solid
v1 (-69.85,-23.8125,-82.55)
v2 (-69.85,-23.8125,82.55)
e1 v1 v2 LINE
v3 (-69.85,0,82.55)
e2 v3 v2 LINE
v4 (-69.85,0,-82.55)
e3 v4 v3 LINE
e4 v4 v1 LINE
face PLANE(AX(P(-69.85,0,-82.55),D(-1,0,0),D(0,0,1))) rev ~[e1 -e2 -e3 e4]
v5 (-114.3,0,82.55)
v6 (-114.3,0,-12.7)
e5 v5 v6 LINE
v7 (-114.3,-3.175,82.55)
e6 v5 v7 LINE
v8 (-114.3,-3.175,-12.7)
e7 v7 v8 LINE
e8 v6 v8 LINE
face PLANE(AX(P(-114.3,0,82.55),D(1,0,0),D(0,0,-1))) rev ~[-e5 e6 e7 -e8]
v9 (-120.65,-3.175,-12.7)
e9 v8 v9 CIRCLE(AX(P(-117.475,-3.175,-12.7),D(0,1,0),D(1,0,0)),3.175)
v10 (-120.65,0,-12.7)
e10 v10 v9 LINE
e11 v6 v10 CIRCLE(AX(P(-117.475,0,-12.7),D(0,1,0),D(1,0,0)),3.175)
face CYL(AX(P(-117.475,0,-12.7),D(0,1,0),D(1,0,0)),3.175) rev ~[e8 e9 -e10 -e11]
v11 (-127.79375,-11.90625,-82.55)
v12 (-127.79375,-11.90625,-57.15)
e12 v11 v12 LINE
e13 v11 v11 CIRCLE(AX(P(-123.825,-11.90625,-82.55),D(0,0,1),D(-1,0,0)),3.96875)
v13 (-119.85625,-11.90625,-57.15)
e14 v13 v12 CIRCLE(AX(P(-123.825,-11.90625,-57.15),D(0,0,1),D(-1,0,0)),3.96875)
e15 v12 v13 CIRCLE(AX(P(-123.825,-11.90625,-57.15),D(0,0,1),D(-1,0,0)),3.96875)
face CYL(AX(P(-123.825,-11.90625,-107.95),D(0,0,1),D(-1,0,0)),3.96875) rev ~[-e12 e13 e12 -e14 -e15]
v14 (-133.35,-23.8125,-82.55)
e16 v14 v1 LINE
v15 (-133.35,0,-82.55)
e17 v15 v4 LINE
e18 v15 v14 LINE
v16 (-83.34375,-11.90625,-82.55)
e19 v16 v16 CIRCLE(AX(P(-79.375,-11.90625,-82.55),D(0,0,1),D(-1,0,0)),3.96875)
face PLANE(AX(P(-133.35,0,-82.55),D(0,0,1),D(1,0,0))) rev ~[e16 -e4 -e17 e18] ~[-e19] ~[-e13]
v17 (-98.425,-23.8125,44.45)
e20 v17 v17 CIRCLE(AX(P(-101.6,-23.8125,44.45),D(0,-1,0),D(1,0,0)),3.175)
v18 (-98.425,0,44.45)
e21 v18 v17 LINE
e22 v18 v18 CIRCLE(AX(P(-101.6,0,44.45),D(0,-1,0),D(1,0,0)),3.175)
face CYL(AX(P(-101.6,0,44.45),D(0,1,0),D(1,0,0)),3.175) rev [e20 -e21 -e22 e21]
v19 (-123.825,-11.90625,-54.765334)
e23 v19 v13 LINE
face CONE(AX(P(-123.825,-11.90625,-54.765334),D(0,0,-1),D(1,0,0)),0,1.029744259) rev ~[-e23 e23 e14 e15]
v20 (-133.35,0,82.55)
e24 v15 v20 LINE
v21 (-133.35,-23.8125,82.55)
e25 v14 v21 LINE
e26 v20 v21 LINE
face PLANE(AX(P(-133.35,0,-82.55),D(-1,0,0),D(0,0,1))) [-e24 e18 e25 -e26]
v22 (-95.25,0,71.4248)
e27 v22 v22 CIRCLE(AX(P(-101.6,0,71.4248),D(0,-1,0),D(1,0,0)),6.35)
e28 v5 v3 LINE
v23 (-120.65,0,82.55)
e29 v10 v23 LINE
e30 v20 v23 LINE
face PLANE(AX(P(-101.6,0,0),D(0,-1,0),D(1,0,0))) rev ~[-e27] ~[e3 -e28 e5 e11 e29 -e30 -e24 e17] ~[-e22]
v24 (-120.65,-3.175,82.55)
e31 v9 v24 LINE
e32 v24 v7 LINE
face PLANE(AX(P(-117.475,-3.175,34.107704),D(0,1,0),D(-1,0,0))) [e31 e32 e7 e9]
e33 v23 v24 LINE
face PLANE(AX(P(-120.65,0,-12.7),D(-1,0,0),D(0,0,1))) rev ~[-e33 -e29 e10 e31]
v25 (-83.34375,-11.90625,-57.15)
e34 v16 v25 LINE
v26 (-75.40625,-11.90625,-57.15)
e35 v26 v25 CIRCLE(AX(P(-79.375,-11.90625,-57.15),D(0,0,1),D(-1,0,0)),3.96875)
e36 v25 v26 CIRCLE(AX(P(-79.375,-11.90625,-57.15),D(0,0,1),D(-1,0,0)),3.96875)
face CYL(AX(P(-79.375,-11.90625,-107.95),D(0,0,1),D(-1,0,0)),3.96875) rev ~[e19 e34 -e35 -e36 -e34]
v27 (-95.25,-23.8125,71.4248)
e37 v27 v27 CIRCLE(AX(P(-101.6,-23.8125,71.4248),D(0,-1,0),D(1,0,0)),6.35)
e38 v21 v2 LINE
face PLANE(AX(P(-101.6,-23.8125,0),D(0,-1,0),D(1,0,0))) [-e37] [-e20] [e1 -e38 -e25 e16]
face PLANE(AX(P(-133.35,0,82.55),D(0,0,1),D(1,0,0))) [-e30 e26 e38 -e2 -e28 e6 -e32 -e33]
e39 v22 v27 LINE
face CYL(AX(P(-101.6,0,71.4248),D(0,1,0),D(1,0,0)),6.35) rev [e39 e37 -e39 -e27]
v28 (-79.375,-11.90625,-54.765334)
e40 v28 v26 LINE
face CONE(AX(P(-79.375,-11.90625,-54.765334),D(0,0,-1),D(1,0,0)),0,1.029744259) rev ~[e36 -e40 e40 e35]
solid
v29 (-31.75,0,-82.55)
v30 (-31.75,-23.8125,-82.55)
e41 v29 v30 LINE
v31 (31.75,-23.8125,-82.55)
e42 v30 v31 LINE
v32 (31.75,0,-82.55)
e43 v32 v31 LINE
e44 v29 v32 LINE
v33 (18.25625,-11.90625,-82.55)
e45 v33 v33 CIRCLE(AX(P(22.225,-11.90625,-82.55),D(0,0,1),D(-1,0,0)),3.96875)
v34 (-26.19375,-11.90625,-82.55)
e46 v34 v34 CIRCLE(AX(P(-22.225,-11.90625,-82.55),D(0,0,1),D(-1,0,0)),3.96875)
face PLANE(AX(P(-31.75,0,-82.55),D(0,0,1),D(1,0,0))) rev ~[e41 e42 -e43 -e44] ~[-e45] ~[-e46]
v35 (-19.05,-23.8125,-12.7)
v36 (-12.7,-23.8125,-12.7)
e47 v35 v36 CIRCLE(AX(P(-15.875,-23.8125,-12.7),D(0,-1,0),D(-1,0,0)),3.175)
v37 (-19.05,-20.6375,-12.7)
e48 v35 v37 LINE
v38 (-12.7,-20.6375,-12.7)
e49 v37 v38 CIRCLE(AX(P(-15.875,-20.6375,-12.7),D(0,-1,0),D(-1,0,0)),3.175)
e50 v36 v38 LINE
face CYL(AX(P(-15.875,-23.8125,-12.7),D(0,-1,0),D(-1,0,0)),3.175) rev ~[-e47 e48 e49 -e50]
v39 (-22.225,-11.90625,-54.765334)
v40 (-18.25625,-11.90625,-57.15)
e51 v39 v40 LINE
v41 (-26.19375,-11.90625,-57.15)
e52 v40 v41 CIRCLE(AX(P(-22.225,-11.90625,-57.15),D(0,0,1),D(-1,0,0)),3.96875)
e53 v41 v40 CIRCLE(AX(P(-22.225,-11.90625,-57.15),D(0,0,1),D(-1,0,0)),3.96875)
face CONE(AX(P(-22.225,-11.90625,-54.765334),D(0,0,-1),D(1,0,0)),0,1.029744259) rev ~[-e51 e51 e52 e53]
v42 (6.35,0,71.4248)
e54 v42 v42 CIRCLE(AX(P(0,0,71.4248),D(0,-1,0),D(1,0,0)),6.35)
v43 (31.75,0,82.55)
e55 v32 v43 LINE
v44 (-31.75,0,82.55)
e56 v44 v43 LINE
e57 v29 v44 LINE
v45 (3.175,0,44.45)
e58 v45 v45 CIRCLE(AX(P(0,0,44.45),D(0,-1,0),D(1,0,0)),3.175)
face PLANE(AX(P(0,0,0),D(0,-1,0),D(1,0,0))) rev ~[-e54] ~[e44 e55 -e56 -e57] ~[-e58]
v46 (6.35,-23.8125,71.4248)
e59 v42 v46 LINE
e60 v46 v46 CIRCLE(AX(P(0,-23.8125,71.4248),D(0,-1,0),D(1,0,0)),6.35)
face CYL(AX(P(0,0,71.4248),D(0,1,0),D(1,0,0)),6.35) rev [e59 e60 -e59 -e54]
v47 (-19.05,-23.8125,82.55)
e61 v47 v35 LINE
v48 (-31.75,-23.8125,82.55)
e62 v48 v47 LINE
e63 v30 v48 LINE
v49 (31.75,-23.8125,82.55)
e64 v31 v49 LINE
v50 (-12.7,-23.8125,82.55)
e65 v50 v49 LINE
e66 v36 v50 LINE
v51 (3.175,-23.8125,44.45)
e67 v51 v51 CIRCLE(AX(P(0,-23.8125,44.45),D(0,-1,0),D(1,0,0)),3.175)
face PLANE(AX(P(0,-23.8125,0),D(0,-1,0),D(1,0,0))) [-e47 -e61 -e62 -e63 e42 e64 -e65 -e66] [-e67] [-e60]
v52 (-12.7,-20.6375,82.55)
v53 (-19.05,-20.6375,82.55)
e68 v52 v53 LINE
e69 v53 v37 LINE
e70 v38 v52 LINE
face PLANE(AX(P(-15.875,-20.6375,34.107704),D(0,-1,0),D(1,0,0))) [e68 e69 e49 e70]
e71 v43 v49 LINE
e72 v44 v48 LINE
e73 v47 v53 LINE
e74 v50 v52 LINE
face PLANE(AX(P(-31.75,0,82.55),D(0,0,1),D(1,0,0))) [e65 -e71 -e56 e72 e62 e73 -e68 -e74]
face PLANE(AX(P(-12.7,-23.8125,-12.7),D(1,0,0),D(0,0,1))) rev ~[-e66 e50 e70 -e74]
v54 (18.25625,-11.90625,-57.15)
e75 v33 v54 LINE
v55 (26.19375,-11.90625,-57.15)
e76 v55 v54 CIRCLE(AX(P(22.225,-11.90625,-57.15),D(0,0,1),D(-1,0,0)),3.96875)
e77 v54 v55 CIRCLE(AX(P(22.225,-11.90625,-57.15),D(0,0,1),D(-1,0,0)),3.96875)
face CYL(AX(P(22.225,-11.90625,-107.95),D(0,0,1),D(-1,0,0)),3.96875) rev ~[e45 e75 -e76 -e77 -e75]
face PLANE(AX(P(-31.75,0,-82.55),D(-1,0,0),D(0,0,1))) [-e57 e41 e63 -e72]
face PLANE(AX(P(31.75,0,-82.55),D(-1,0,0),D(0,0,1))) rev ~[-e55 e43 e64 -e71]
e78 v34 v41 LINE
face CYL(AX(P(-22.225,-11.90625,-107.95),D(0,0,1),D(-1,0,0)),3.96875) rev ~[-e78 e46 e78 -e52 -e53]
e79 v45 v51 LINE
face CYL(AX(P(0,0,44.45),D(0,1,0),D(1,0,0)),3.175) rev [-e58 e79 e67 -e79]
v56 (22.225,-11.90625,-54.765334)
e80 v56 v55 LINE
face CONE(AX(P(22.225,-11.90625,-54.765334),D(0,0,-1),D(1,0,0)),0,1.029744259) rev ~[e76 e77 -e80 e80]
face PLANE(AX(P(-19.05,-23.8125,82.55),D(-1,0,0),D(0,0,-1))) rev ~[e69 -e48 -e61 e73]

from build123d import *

# Parameters (mm, degrees)
F0_W     = 63.5
F0_H     = 165.1
F0_R     = 3.175
F0_R_2   = 6.35
F1_DEPTH = 23.8125
F3_D     = 7.9375
F3_DEPTH = 25.4
F3_TIP   = 2.3846655818
F6_DEPTH = 3.175
F8_DEPTH = 3.175


with BuildPart() as f1:
    # F0 (on Front) → F1 (new body)
    with BuildSketch(Plane.XZ):
        Rectangle(F0_W, F0_H)
        with Locations((0, 44.45)):
            Circle(F0_R, mode=Mode.SUBTRACT)
        with Locations((0, 71.4248)):
            Circle(F0_R_2, mode=Mode.SUBTRACT)
    extrude(amount=F1_DEPTH)

    # F3
    with Locations(Plane(origin=(0, 0, -82.55), x_dir=(1, 0, 0), z_dir=(0, 0, -1))):
        with Locations((-22.225, 11.90625), (22.225, 11.90625)):
            Hole(F3_D / 2, depth=F3_DEPTH)
            with Locations((0, 0, -(F3_DEPTH + F3_TIP / 2))):  # 118° drill point
                Cone(0, F3_D / 2, F3_TIP, mode=Mode.SUBTRACT)


with BuildPart() as f4_1:
    # F4: copy of F1
    add(f1.part.moved(Location((-101.6, 0, 0))))

    # F7 (on face) → F8 (cut)
    with BuildSketch(Plane(origin=(0, 0, 0), x_dir=(-1, 0, 0), z_dir=(0, 1, 0))):
        with BuildLine():
            Line((120.65, 82.55), (114.3, 82.55))
            Line((114.3, 82.55), (114.3, -12.7))
            ThreePointArc((114.3, -12.7), (117.475, -15.875), (120.65, -12.7))
            Line((120.65, -12.7), (120.65, 82.55))
        make_face()
    extrude(amount=-F8_DEPTH, mode=Mode.SUBTRACT)


with BuildPart() as f1_1:
    add(f1.part)

    # F5 (on face) → F6 (cut)
    with BuildSketch(Plane.XZ.offset(23.8125)):
        with BuildLine():
            Line((-12.7, 82.55), (-19.05, 82.55))
            Line((-19.05, 82.55), (-19.05, -12.7))
            ThreePointArc((-19.05, -12.7), (-15.875, -15.875), (-12.7, -12.7))
            Line((-12.7, -12.7), (-12.7, 82.55))
        make_face()
    extrude(amount=-F6_DEPTH, mode=Mode.SUBTRACT)


solid = Compound([f4_1.part, f1_1.part])
